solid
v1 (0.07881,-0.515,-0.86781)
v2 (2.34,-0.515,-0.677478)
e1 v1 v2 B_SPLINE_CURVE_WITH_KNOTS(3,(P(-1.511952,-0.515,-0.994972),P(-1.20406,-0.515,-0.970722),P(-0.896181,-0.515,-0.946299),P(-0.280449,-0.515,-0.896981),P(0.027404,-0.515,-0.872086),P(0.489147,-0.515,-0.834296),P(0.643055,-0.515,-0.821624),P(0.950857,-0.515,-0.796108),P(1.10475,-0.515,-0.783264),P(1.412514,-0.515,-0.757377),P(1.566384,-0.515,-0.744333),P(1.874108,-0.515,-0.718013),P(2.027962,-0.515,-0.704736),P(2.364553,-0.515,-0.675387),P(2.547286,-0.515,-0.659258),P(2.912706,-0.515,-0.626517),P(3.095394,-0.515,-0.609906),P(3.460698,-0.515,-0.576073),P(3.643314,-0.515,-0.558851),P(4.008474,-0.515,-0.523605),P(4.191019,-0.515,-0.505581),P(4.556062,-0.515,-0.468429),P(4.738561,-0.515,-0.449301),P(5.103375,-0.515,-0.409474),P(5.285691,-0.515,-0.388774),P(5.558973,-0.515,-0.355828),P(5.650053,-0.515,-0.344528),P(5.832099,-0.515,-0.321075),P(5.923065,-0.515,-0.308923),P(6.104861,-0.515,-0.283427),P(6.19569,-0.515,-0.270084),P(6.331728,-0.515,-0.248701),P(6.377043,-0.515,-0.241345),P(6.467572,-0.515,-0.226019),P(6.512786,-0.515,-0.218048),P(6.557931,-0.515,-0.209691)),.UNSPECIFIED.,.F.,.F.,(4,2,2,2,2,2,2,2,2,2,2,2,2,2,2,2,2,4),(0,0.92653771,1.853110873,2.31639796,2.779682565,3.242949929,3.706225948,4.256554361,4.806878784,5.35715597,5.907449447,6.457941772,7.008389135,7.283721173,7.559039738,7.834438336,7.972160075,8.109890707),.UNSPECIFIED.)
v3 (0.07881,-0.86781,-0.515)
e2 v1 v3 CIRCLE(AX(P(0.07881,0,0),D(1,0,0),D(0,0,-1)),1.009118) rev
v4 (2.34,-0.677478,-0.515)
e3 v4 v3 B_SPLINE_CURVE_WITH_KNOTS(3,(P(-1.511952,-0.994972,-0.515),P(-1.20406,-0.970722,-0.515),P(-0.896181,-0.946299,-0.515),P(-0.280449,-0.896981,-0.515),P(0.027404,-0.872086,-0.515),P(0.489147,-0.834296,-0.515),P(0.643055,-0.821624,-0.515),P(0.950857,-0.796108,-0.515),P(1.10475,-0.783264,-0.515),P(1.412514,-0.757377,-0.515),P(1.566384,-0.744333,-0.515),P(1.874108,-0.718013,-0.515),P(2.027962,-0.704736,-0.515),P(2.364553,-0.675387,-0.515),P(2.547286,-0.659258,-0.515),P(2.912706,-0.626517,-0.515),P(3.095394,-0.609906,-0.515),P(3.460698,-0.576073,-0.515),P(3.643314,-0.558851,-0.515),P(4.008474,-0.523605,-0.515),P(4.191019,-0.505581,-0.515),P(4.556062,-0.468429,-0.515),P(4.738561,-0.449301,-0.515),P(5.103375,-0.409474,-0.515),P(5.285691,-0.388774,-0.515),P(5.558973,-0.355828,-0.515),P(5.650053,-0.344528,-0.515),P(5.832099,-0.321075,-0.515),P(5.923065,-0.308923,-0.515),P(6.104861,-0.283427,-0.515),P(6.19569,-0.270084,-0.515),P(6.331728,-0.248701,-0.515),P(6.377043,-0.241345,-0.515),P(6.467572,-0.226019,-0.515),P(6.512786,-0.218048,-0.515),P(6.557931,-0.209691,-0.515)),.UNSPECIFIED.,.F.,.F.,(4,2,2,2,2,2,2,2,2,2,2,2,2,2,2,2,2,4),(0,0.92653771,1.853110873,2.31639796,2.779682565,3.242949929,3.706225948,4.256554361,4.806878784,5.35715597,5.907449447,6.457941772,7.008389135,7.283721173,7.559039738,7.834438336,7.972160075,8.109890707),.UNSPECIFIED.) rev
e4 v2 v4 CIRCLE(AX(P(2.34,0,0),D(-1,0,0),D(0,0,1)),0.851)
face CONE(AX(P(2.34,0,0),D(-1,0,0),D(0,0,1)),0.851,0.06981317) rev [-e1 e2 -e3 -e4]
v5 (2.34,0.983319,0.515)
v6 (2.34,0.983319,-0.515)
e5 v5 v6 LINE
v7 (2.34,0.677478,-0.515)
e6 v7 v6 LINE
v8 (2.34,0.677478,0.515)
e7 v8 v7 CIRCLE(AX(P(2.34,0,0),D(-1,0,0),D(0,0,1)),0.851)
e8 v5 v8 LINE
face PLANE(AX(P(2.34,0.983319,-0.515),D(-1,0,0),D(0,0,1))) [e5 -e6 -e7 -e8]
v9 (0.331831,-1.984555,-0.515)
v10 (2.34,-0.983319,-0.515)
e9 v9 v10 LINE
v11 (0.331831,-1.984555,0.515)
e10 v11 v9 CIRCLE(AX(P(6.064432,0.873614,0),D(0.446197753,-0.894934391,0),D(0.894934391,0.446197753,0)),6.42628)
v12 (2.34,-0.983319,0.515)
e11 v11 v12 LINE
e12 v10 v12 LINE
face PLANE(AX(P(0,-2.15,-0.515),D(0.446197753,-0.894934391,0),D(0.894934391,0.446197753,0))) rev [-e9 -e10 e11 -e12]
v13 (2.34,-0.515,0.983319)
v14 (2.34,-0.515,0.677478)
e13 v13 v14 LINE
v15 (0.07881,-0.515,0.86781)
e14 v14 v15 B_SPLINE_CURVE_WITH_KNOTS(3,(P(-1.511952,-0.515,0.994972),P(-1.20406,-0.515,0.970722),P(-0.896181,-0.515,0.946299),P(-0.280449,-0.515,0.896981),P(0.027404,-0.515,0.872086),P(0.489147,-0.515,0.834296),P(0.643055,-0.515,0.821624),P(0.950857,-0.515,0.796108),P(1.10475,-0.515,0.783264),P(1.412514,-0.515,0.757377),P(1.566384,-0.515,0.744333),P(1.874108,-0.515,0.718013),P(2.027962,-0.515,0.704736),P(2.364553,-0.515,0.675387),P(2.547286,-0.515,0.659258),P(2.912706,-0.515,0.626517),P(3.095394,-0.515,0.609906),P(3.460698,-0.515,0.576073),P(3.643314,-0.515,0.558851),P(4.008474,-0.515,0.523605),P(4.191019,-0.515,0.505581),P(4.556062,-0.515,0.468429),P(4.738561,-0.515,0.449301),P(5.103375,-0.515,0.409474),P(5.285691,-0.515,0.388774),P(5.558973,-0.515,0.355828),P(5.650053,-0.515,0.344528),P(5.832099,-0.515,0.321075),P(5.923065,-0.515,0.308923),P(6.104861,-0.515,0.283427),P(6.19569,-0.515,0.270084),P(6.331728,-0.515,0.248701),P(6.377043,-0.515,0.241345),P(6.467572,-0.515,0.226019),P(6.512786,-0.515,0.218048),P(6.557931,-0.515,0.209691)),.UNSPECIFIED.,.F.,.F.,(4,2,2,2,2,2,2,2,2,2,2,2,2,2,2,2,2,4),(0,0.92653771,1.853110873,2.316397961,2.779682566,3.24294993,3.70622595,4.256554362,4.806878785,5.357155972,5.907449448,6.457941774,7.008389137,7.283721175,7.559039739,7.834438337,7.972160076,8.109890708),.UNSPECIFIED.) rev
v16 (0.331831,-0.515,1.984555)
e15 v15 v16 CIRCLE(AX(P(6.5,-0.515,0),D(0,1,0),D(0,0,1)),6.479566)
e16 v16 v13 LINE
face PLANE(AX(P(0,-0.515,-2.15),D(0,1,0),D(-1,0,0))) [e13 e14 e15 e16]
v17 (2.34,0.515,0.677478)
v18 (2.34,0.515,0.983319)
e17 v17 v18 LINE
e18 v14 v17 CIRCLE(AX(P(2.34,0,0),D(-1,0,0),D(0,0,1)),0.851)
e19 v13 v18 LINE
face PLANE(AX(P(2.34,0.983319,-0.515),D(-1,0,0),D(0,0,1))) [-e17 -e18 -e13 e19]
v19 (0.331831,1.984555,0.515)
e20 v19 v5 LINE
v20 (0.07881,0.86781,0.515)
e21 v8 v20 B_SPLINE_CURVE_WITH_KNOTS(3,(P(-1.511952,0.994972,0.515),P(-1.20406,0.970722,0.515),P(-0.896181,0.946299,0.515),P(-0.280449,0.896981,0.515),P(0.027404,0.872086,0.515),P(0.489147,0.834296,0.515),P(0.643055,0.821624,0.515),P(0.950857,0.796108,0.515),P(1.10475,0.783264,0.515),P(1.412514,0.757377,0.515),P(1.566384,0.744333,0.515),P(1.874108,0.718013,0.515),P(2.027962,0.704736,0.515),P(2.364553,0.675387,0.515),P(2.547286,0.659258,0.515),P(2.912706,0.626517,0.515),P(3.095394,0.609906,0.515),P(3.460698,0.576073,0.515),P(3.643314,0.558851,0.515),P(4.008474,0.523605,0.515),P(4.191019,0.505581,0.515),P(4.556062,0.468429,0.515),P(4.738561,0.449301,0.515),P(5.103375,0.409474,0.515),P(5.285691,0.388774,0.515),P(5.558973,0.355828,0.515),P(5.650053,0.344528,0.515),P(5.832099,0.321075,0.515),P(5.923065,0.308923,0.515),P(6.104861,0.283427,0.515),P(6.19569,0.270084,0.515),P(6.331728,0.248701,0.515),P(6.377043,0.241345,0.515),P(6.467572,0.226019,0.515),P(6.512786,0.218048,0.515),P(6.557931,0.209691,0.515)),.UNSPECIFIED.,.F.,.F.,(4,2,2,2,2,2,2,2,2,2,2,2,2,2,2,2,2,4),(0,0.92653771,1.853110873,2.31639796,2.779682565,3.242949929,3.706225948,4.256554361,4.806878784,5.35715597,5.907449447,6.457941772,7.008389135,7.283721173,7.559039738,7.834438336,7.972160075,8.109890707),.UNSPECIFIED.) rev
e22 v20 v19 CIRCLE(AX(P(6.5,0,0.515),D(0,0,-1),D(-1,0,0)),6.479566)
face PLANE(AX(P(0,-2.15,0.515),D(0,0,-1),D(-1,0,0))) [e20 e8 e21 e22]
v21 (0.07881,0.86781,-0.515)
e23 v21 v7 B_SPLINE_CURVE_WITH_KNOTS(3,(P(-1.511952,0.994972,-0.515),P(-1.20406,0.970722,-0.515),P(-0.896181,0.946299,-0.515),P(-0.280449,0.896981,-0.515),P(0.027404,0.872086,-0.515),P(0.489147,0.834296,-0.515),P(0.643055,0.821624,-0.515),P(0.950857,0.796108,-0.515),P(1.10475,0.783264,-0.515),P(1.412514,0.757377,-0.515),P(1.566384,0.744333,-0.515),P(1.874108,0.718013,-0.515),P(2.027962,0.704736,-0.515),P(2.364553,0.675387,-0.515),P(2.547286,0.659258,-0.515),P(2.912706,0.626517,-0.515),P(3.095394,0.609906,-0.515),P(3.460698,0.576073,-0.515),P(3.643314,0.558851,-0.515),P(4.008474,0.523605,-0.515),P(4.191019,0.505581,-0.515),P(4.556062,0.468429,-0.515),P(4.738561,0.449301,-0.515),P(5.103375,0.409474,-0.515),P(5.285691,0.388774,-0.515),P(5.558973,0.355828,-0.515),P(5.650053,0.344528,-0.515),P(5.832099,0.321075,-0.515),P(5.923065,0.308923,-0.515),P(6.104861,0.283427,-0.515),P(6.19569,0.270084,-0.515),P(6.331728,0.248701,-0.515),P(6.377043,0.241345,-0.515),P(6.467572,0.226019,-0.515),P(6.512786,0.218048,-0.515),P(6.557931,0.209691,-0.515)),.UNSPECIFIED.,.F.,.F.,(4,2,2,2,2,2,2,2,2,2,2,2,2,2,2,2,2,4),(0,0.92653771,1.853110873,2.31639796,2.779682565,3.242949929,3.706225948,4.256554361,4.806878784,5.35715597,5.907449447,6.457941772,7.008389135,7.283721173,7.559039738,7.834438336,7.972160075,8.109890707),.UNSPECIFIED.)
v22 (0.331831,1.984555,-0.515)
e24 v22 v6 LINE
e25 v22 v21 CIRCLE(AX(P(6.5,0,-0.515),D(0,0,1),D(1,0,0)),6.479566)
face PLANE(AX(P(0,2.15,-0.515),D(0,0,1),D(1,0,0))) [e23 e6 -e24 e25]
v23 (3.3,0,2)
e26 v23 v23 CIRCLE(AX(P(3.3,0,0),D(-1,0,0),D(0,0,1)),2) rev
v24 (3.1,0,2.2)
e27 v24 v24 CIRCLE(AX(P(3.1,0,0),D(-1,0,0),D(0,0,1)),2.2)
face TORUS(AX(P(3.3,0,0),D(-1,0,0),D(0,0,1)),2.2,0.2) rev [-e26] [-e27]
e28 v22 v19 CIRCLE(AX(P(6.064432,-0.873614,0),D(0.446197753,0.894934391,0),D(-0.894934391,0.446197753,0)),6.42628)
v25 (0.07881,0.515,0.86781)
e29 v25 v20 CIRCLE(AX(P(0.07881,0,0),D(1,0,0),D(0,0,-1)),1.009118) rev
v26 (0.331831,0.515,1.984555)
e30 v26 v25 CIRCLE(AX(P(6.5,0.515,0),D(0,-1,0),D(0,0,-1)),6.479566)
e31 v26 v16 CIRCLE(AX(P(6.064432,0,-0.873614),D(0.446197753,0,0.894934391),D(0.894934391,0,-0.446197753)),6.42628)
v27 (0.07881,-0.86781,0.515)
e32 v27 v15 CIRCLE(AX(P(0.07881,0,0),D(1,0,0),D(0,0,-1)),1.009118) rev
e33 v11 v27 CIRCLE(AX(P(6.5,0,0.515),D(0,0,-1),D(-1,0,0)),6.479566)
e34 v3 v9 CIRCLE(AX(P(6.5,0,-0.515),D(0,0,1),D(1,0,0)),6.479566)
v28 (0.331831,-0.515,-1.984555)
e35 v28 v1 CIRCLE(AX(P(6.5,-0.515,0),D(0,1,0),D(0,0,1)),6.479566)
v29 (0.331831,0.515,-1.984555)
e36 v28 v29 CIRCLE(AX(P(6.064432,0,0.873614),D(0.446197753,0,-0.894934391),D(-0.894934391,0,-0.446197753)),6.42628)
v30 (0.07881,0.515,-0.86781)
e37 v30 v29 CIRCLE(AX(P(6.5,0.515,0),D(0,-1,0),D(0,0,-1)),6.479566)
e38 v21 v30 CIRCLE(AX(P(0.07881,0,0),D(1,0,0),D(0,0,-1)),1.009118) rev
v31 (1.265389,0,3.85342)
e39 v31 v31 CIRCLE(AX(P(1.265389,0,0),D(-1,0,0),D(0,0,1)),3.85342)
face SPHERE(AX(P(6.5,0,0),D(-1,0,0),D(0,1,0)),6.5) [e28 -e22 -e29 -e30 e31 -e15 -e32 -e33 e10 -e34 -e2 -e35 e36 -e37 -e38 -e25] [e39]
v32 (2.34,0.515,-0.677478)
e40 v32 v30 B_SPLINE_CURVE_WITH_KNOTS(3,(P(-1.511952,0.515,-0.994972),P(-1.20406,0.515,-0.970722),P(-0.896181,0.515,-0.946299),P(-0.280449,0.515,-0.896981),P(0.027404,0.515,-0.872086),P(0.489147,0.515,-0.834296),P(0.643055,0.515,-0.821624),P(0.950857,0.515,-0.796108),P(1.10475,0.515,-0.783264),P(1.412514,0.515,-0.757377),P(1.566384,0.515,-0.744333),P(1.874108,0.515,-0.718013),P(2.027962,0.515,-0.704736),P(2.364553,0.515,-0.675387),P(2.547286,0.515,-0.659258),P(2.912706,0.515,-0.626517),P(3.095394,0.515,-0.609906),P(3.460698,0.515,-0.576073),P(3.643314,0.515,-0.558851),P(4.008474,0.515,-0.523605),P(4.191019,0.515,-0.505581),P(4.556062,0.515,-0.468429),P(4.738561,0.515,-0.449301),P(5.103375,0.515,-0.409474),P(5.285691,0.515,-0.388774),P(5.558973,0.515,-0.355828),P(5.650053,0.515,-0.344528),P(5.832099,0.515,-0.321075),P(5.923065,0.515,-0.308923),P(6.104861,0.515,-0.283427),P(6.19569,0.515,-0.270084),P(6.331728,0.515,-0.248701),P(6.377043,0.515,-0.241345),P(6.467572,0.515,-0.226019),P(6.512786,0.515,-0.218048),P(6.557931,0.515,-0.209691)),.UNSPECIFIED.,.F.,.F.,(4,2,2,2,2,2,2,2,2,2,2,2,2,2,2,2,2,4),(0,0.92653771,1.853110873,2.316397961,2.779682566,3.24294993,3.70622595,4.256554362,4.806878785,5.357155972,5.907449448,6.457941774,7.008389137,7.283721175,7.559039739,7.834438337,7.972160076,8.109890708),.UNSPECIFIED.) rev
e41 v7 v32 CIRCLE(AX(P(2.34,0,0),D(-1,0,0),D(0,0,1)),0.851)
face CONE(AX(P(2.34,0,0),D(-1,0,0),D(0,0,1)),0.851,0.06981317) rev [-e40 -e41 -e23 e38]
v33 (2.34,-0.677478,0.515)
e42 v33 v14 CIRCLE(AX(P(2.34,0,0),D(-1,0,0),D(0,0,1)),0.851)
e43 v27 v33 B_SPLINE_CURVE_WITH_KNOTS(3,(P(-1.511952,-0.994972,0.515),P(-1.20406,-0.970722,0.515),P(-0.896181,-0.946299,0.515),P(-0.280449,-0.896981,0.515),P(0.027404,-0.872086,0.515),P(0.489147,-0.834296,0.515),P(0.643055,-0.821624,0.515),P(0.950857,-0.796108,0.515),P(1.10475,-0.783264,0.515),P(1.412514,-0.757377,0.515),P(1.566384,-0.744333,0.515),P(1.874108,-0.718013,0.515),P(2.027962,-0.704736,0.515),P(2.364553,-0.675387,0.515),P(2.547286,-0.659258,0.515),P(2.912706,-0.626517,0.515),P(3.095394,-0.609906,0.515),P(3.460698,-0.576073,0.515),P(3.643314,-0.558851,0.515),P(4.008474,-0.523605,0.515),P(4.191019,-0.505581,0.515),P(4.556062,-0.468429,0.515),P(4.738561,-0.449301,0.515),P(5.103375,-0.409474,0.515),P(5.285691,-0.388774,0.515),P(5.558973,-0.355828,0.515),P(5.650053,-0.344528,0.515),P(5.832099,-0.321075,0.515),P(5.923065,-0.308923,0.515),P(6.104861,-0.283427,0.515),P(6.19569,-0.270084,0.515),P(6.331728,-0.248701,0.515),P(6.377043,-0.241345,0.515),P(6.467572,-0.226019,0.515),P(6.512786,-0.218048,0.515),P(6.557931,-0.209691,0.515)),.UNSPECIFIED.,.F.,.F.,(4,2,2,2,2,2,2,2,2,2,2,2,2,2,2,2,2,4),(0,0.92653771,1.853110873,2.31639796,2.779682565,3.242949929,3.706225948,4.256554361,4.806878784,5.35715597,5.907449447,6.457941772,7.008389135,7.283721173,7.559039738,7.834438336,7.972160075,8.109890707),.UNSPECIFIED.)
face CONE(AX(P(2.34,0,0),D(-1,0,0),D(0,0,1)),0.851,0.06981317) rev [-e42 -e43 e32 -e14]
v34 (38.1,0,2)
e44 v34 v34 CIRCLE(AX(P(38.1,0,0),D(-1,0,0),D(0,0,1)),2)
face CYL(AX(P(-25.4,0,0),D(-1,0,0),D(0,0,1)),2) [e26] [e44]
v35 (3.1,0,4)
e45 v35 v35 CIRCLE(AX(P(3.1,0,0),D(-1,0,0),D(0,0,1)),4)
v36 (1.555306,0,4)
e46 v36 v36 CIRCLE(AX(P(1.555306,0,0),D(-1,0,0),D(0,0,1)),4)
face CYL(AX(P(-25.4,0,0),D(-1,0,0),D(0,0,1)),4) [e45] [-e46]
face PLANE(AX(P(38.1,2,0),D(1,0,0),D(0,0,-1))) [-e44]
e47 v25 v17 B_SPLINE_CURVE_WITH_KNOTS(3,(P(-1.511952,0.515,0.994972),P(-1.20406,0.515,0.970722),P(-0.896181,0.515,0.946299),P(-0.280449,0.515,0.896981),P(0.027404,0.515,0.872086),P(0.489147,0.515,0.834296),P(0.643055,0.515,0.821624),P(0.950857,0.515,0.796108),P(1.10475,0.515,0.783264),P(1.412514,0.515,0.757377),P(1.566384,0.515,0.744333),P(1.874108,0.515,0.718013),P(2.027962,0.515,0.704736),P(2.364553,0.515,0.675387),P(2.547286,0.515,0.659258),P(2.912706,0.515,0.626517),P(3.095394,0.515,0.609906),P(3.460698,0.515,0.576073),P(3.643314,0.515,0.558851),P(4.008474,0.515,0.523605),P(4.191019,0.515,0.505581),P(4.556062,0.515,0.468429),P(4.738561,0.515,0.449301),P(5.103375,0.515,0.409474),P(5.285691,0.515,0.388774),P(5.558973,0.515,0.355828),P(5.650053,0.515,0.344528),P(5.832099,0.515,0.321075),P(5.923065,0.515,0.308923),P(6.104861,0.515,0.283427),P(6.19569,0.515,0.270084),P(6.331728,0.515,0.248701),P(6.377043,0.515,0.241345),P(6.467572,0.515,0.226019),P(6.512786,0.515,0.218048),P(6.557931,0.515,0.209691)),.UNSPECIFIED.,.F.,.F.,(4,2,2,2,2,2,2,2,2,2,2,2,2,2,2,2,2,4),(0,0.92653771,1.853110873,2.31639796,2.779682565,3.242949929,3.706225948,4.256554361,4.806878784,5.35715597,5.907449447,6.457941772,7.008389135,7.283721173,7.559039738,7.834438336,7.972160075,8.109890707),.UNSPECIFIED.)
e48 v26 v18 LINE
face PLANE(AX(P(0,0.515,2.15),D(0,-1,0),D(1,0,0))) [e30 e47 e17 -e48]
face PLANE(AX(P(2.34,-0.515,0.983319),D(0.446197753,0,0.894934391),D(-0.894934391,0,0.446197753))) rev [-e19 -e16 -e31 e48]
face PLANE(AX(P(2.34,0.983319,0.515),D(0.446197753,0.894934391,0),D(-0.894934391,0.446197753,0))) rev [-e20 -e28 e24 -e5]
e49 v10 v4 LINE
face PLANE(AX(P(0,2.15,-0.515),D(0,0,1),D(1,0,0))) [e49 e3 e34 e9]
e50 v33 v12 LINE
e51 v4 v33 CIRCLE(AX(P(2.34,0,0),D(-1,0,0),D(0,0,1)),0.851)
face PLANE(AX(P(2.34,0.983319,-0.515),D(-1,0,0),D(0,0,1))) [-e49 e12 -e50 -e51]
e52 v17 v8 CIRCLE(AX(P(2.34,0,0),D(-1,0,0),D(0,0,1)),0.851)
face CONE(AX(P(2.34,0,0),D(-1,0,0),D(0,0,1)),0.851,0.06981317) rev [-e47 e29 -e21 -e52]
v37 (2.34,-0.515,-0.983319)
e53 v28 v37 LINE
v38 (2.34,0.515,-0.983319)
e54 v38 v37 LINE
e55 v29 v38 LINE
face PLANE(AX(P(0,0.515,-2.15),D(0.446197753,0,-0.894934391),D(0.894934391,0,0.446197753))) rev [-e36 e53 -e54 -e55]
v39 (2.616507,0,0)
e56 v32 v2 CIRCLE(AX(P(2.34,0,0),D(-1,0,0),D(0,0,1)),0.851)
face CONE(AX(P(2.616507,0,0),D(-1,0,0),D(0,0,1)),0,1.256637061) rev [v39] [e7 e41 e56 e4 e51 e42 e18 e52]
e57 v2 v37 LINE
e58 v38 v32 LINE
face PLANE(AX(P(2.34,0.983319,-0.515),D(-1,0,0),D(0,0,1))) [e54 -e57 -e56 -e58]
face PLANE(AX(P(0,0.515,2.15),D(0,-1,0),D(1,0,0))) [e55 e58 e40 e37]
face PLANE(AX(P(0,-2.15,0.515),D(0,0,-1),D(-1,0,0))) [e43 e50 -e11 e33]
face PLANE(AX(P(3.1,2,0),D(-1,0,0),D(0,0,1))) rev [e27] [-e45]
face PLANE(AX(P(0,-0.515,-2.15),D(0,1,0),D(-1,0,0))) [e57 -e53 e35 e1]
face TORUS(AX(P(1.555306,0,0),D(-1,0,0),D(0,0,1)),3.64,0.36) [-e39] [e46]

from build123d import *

# Parameters (mm, degrees)
FILLET1_R    = 0.2
RECPAT_COUNT = 2
RECPAT_ANGLE = 90


with BuildPart() as part:
    # BodySke → Base-Revolve (revolve)
    with BuildSketch(Plane.XY, mode=Mode.PRIVATE) as base_revolve_sk:
        with BuildLine():
            Line((3.1, 2), (3.1, 4))
            Line((3.1, 4), (1.555305874, 4))
            ThreePointArc((1.555305874, 4), (1.392873227, 3.961271902), (1.265388955, 3.853420195))
            ThreePointArc((1.265388955, 3.853420195), (0.324444487, 2.027933456), (0, 0))
            Line((0, 0), (38.1, 0))
            Line((38.1, 0), (38.1, 2))
            Line((38.1, 2), (3.1, 2))
        make_face()
    revolve(base_revolve_sk.sketch.rotate(Axis((1.555305874, 0, 0), (1, 0, 0)), 90), axis=Axis((1.555305874, 0, 0), (1, 0, 0)))

    # Fillet1
    fillet1_edges = [part.edges().sort_by_distance(p)[0] for p in [
        (3.1, 0, -2),
    ]]
    fillet(fillet1_edges, radius=FILLET1_R)

    # Sketch3 → Recess section 0
    with BuildSketch(Plane(origin=(0, 0, 0), x_dir=(0, 0, -1), z_dir=(1, 0, 0))):
        with BuildLine():
            Line((0.515, -2.15), (-0.515, -2.15))
            Line((-0.515, -2.15), (-0.515, 2.15))
            Line((-0.515, 2.15), (0.515, 2.15))
            Line((0.515, 2.15), (0.515, -2.15))
        make_face()
    # Sketch4 → Recess section 1
    with BuildSketch(Plane(origin=(2.34, 0, 0), x_dir=(0, 0, -1), z_dir=(1, 0, 0))):
        with BuildLine():
            Line((0.515, -0.983319232), (-0.515, -0.983319232))
            Line((-0.515, -0.983319232), (-0.515, 0.983319232))
            Line((-0.515, 0.983319232), (0.515, 0.983319232))
            Line((0.515, 0.983319232), (0.515, -0.983319232))
        make_face()
    recess = loft(mode=Mode.SUBTRACT)

    # RecPat: Recess ×2 about axis
    recpat_axis = Axis((0, 0, 0), (1, 0, 0))
    for i in range(1, RECPAT_COUNT):
        add(recess.rotate(recpat_axis, i * RECPAT_ANGLE / (RECPAT_COUNT - 1)), mode=Mode.SUBTRACT)

    # RecCorSke → RecessCore (revolve, cut)
    with BuildSketch(Plane.XY, mode=Mode.PRIVATE) as recesscore_sk:
        Polygon((0, 0), (0, 1.01462874), (2.34, 0.851), (2.616506661, 0), align=None)
    revolve(recesscore_sk.sketch.rotate(Axis((-3.175, 0, 0), (1, 0, 0)), 14.547591759), axis=Axis((-3.175, 0, 0), (1, 0, 0)), mode=Mode.SUBTRACT)


solid = part.part
